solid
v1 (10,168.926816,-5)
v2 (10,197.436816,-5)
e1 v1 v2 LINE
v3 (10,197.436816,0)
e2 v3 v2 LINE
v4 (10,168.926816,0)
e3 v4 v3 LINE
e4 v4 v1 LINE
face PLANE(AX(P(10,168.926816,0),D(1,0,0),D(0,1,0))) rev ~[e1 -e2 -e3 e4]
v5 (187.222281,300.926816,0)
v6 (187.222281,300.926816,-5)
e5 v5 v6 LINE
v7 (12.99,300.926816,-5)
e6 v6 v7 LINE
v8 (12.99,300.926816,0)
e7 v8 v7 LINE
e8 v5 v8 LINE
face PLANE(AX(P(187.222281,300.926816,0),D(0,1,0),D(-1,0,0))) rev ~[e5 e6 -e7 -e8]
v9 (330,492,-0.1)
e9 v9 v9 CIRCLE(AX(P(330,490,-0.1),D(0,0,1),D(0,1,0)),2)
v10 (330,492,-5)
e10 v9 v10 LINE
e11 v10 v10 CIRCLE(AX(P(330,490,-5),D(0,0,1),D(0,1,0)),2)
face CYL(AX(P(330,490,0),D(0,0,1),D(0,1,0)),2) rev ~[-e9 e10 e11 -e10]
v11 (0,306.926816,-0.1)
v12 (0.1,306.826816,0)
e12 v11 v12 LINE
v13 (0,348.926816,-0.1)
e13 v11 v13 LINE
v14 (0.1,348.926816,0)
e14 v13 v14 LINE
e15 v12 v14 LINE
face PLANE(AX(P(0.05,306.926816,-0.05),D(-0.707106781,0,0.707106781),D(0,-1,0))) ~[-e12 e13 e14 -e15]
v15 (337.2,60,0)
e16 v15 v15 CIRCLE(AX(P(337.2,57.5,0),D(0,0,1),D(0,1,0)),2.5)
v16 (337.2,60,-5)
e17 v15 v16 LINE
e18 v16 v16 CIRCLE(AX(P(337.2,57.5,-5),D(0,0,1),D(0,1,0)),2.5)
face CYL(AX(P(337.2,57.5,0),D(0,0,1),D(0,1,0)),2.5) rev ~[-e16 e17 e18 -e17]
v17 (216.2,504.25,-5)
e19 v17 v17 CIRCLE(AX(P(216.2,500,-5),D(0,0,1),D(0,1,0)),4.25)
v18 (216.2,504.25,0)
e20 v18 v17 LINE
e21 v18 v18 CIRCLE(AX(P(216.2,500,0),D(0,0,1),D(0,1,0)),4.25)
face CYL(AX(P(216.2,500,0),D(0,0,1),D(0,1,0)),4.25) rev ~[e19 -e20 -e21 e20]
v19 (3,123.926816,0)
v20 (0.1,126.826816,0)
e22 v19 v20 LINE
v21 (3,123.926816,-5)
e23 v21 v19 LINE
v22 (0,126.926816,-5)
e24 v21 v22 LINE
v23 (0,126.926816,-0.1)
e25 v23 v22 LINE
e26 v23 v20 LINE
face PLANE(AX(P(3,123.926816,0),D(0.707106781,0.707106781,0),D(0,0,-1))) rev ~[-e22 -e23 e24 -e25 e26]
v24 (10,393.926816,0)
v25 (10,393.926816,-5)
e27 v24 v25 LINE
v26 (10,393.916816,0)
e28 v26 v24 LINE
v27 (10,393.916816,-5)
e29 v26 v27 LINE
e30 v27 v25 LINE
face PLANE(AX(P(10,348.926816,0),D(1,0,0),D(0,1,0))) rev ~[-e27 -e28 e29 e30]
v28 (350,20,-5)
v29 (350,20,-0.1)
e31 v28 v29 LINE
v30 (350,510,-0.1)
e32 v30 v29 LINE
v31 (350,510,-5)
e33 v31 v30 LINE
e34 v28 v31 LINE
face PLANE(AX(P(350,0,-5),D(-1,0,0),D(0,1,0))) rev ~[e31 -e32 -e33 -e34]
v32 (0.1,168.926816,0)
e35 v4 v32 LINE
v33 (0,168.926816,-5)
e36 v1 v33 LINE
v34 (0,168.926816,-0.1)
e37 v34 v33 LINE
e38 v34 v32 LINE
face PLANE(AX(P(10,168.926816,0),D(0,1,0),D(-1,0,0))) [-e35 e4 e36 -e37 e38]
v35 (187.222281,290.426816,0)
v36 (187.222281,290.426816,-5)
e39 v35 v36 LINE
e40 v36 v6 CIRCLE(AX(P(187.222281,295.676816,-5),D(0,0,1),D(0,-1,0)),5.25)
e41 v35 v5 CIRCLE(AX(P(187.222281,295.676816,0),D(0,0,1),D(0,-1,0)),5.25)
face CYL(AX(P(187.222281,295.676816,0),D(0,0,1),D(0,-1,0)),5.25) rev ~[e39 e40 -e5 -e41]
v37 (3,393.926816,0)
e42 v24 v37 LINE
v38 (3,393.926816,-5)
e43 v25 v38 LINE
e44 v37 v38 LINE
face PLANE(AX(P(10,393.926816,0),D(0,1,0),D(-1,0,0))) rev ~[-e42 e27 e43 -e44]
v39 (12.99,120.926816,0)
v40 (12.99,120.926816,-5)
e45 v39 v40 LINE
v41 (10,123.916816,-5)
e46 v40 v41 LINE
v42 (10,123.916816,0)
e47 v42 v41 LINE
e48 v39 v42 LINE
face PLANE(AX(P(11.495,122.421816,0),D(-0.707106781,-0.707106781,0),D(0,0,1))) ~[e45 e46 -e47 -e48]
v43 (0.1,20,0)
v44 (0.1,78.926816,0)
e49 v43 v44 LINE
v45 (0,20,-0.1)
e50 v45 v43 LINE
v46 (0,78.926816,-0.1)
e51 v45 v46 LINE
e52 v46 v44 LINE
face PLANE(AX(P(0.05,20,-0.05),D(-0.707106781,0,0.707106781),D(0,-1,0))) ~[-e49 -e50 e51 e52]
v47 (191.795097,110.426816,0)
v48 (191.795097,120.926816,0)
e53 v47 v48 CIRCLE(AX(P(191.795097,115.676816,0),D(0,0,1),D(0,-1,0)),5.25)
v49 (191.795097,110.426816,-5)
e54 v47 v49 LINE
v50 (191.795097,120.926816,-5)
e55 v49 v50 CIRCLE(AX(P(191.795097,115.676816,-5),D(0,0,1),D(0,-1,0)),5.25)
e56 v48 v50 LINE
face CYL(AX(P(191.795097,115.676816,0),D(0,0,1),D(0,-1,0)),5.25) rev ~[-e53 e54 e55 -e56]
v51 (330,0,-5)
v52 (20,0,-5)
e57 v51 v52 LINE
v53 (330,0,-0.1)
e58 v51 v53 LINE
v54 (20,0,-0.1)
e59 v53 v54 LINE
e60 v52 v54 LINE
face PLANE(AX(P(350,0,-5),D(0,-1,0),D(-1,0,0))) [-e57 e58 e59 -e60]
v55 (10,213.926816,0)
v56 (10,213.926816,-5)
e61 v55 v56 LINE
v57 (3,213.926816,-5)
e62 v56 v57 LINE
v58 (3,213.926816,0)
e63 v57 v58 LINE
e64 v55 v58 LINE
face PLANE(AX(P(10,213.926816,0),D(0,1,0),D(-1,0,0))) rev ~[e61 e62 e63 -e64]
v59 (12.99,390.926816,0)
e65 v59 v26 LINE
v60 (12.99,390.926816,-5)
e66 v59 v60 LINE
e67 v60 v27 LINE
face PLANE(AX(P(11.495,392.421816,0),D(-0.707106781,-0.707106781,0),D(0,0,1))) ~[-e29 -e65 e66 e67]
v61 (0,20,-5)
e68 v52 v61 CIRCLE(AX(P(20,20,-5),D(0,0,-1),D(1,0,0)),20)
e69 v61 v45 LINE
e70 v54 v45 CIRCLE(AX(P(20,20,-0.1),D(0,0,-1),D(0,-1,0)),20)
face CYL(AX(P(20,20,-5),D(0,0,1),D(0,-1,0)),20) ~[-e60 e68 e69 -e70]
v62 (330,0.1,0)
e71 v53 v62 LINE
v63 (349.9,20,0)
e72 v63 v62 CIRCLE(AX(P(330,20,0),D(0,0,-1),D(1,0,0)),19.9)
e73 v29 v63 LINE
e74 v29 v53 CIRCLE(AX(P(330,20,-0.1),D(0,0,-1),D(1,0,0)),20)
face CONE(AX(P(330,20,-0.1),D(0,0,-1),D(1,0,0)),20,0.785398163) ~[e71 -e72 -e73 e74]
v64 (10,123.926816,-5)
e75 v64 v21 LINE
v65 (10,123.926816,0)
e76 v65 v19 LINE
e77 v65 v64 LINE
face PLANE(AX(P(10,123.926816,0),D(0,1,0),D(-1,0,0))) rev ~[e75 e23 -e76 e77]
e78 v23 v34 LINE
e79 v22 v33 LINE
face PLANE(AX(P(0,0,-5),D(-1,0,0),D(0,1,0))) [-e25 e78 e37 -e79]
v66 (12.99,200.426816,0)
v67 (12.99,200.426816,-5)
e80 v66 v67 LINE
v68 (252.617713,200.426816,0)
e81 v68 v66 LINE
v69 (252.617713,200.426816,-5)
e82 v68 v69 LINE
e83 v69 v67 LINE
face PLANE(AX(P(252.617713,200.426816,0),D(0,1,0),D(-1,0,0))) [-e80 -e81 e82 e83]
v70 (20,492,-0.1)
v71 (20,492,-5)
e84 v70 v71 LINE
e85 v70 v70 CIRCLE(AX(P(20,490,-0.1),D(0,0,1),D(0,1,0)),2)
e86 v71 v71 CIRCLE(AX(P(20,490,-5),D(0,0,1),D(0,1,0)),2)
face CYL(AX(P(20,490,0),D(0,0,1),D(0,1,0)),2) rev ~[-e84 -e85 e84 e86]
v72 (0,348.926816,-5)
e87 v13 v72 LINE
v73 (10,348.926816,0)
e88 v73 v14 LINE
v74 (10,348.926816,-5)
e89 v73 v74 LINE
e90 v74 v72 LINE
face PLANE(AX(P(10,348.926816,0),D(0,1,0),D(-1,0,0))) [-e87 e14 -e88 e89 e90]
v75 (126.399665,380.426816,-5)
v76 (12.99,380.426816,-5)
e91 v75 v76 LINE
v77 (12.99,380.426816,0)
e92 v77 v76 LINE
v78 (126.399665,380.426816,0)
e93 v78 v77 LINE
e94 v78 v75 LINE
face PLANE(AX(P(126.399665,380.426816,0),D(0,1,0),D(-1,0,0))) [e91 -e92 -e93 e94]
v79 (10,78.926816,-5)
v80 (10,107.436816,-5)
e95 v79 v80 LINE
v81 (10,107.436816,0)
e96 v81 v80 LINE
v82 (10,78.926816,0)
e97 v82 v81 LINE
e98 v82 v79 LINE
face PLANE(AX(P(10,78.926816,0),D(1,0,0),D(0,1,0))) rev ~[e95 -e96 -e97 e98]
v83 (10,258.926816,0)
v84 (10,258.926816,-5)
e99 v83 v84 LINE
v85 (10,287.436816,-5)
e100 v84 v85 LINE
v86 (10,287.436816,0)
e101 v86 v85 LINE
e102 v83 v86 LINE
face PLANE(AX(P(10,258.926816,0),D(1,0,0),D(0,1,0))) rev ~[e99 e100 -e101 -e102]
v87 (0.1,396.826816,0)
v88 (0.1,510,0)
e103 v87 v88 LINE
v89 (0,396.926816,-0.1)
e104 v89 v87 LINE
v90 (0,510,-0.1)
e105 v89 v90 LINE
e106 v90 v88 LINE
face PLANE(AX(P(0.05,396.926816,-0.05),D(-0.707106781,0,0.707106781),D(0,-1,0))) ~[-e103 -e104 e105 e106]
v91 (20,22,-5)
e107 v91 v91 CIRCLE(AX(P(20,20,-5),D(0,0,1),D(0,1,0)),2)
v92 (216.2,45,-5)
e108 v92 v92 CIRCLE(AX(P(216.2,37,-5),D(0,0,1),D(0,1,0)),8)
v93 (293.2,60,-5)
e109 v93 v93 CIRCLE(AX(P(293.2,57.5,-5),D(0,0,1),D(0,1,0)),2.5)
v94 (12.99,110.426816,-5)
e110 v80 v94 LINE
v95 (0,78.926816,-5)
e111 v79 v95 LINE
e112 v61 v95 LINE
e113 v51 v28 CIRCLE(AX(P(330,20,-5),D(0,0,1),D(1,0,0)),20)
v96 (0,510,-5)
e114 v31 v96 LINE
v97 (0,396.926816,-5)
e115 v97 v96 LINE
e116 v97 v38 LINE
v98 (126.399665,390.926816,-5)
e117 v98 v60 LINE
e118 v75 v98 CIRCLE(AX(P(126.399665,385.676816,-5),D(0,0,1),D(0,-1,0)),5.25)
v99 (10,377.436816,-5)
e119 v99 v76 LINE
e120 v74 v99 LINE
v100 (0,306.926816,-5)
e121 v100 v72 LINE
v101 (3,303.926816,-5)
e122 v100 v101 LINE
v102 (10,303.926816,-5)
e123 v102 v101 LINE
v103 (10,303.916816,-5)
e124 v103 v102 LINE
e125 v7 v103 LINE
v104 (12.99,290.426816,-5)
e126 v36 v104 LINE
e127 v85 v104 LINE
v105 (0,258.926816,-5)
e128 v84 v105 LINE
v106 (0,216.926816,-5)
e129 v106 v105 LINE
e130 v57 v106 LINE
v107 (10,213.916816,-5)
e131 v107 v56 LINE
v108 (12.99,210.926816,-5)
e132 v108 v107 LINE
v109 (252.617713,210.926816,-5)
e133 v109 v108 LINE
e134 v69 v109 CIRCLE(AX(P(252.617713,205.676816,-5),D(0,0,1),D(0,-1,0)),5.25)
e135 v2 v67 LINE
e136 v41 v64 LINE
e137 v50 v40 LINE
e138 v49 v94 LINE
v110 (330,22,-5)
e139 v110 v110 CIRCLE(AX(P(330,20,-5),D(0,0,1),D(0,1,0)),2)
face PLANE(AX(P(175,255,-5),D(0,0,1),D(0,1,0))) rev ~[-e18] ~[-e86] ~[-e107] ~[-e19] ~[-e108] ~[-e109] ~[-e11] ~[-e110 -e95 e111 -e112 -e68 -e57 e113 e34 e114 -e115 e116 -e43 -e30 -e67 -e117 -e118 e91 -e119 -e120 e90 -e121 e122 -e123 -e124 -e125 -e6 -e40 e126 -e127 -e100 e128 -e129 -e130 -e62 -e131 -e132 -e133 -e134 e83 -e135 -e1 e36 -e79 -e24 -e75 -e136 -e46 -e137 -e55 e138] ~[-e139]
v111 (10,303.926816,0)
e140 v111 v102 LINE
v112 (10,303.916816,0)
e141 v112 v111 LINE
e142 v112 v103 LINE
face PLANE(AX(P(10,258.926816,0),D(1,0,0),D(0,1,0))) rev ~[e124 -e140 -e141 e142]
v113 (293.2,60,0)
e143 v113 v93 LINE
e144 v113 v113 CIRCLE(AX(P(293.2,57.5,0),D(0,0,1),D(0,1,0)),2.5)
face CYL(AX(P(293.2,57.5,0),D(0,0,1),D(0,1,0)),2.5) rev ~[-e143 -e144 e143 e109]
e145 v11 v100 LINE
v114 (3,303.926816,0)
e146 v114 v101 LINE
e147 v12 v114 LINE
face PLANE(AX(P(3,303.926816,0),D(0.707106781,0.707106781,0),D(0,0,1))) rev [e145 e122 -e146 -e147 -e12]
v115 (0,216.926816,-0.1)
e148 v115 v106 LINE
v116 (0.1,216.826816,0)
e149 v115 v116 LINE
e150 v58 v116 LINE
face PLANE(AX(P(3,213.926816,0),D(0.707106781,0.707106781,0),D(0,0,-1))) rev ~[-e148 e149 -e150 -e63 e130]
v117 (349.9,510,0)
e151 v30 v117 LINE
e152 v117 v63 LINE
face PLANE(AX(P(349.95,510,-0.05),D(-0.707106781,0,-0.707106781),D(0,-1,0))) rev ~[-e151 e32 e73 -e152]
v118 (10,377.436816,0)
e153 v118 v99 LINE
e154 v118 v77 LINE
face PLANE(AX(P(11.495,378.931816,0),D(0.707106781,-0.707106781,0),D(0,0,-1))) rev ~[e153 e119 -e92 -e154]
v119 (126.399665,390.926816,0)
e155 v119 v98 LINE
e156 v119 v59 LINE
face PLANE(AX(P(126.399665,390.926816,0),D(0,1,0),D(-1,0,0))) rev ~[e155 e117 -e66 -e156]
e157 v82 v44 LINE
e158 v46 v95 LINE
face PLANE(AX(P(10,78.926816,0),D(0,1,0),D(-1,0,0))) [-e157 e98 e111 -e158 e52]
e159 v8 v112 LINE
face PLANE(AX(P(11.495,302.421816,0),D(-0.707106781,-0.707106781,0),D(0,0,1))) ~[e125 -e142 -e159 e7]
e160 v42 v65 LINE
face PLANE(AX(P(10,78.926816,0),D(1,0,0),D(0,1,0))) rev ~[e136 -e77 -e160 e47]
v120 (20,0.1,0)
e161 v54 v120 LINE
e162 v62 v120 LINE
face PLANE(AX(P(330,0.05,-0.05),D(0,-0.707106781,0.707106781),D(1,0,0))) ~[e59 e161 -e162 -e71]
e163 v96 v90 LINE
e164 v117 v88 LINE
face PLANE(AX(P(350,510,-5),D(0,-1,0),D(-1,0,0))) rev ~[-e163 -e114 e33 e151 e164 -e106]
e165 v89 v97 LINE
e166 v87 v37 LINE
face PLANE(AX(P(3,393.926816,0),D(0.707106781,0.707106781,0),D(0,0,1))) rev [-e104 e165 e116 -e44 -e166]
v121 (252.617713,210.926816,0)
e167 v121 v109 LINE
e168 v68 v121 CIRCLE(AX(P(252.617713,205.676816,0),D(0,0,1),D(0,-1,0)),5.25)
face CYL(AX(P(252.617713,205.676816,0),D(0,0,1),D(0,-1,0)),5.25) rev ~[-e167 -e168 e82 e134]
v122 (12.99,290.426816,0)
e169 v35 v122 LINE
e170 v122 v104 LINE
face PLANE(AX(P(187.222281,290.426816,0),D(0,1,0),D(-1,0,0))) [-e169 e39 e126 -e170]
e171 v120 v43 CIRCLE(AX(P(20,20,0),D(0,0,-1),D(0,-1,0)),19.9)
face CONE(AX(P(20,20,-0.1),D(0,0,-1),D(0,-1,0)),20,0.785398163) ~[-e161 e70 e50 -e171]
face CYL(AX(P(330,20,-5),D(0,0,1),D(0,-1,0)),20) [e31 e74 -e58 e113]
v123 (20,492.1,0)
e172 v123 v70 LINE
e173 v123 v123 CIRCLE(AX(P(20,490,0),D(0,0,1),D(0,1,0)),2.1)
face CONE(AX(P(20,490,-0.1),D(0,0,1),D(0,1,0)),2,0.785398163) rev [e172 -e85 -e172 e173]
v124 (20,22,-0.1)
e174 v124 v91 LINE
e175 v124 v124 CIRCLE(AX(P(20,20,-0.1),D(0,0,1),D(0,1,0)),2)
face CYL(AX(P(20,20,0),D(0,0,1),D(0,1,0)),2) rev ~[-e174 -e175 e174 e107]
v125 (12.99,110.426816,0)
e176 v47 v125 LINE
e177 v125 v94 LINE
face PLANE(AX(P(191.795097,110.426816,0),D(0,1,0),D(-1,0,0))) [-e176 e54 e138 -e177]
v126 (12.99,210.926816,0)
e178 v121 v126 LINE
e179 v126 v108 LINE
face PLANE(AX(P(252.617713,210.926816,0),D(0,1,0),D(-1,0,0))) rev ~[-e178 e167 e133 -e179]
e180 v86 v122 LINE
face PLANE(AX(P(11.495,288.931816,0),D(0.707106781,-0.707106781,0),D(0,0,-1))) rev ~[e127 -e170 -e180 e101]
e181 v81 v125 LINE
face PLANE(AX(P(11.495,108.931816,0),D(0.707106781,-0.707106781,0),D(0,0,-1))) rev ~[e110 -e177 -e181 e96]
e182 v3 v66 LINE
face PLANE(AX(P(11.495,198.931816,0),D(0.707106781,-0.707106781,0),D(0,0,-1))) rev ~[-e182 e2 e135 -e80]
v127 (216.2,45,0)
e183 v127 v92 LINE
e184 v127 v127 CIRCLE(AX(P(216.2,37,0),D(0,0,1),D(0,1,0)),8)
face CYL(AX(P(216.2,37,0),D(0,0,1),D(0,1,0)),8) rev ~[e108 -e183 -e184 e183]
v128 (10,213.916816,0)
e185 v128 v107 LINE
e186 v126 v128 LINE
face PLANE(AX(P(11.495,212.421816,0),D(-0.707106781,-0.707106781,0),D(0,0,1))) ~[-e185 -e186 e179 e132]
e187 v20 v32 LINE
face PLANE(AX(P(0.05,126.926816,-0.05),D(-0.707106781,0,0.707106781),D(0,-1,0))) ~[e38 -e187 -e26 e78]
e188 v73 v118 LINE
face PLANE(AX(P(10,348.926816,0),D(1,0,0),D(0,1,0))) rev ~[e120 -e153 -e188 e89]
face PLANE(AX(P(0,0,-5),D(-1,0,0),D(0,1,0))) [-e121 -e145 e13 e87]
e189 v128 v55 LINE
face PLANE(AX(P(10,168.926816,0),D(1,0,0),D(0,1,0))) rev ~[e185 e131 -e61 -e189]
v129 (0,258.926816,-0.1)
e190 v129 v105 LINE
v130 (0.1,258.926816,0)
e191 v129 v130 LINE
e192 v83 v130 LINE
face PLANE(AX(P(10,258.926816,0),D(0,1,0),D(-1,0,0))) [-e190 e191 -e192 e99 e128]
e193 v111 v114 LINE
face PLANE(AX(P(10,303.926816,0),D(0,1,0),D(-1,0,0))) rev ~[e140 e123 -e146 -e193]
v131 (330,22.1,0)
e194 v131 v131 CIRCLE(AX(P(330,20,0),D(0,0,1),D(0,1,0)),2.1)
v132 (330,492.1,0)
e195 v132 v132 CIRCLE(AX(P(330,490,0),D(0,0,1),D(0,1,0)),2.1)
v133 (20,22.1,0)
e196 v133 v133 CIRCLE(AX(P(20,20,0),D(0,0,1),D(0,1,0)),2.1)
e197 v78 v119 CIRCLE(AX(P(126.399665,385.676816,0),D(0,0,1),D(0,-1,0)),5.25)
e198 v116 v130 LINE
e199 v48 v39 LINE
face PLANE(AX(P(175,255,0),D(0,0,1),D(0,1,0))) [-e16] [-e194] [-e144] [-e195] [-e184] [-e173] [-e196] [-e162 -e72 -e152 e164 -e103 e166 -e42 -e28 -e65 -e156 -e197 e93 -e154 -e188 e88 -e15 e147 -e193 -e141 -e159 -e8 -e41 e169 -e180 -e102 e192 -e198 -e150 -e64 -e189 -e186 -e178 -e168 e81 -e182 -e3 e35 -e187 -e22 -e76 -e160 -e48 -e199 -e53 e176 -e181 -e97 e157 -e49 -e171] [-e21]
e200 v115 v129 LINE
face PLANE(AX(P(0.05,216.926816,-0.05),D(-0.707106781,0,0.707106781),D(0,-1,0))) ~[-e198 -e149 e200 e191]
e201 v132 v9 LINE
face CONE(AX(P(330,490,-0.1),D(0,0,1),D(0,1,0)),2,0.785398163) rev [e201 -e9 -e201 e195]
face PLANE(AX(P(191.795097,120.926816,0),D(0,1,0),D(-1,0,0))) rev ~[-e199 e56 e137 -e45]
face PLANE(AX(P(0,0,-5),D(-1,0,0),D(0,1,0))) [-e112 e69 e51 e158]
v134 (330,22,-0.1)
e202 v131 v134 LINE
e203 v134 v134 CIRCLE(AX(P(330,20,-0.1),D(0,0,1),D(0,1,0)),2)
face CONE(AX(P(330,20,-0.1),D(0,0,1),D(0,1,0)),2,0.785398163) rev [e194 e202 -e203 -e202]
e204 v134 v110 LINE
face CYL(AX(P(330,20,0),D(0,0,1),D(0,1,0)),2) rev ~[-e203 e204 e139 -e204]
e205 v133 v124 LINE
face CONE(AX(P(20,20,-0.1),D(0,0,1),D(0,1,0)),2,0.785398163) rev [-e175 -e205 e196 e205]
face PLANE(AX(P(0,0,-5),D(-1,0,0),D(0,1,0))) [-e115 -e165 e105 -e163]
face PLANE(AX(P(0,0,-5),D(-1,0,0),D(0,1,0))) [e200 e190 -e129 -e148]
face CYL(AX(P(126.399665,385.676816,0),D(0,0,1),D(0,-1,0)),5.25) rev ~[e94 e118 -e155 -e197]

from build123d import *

# Parameters (mm, degrees)
SKETCH018_W           = 510
SKETCH018_H           = 350
PAD015_DEPTH          = 5
SKETCH019_R           = 8
SKETCH019_R_2         = 4.25
POCKET011_DEPTH       = 5.001
FILLET005_R           = 20
SKETCH020_R           = 2
POCKET012_DEPTH       = 5.001
CHAMFER009_SIZE       = 6
CHAMFER010_SIZE       = 0.1
CHAMFER011_SIZE       = 0.1
SKETCH052_W           = 45
SKETCH052_H           = 10
POCKET033_DEPTH       = 5.001
CHAMFER024_SIZE       = 2.99
SKETCH068_R           = 2.5
POCKET043_DEPTH       = 5.001
CLONE_PLACEMENT_ANGLE = 90


with BuildPart() as part:
    # Sketch018 → Pad015 (new body)
    with BuildSketch(Plane.XY):
        with Locations((-20, 41.2)):
            Rectangle(SKETCH018_W, SKETCH018_H)
    extrude(amount=PAD015_DEPTH)

    # Sketch019 (on Face6 of Pad015) → Pocket011 (cut, through all)
    with BuildSketch(Plane.XY.offset(5)):
        with Locations((-238, 0)):
            Circle(SKETCH019_R)
        with Locations((225, 0)):
            Circle(SKETCH019_R_2)
        with BuildLine():
            ThreePointArc((-164.573184, 24.404903), (-159.323184, 19.154903), (-154.073184, 24.404903))
            Line((-154.073184, 24.404903), (-154.073184, 216.2))
            ThreePointArc((-154.073184, 216.2), (-159.323184, 221.45), (-164.573184, 216.2))
            Line((-164.573184, 24.404903), (-164.573184, 216.2))
        make_face()
        with BuildLine():
            ThreePointArc((-74.573184, -36.417713), (-69.323184, -41.667713), (-64.073184, -36.417713))
            Line((-64.073184, -36.417713), (-64.073184, 216.2))
            ThreePointArc((-64.073184, 216.2), (-69.323184, 221.45), (-74.573184, 216.2))
            Line((-74.573184, -36.417713), (-74.573184, 216.2))
        make_face()
        with BuildLine():
            ThreePointArc((15.426816, 28.977719), (20.676816, 23.727719), (25.926816, 28.977719))
            Line((25.926816, 28.977719), (25.926816, 216.2))
            ThreePointArc((25.926816, 216.2), (20.676816, 221.45), (15.426816, 216.2))
            Line((15.426816, 28.977719), (15.426816, 216.2))
        make_face()
        with BuildLine():
            ThreePointArc((105.426816, 89.800335), (110.676816, 84.550335), (115.926816, 89.800335))
            Line((115.926816, 89.800335), (115.926816, 216.2))
            ThreePointArc((115.926816, 216.2), (110.676816, 221.45), (105.426816, 216.2))
            Line((105.426816, 89.800335), (105.426816, 216.2))
        make_face()
    extrude(amount=-POCKET011_DEPTH, mode=Mode.SUBTRACT)

    # Fillet005
    fillet005_edges = [part.edges().sort_by_distance(p)[0] for p in [
        (-275, 216.2, 2.5),
        (-275, -133.8, 2.5),
    ]]
    fillet(fillet005_edges, radius=FILLET005_R)

    # Sketch020 (on Face5 of Fillet005) → Pocket012 (cut, through all)
    with BuildSketch(Plane.XY.offset(5)):
        with Locations((-255, 196.2)):
            Circle(SKETCH020_R)
        with Locations((-255, -113.8)):
            Circle(SKETCH020_R)
        with Locations((215, -113.8)):
            Circle(SKETCH020_R)
        with Locations((215, 196.2)):
            Circle(SKETCH020_R)
    extrude(amount=-POCKET012_DEPTH, mode=Mode.SUBTRACT)

    # Chamfer009
    chamfer009_edges = [part.edges().sort_by_distance(p)[0] for p in [
        (-164.573184, 216.2, 2.5),
        (-154.073184, 216.2, 2.5),
        (-74.573184, 216.2, 2.5),
        (-64.073184, 216.2, 2.5),
        (15.426816, 216.2, 2.5),
        (25.926816, 216.2, 2.5),
        (105.426816, 216.2, 2.5),
        (115.926816, 216.2, 2.5),
    ]]
    chamfer(chamfer009_edges, length=CHAMFER009_SIZE)

    # Chamfer010
    chamfer010_edges = [part.edges().sort_by_distance(p)[0] for p in [
        (-212.786592, 216.2, 5),
        (-114.323184, 216.2, 5),
        (-24.323184, 216.2, 5),
        (65.676816, 216.2, 5),
        (178.463408, 216.2, 5),
    ]]
    chamfer(chamfer010_edges, length=CHAMFER010_SIZE)

    # Chamfer011
    chamfer011_edges = [part.edges().sort_by_distance(p)[0] for p in [
        (-257, 196.2, 5),
        (-257, -113.8, 5),
        (213, -113.8, 5),
        (213, 196.2, 5),
    ]]
    chamfer(chamfer011_edges, length=CHAMFER011_SIZE)

    # Sketch052 (on Face1 of Chamfer011) → Pocket033 (cut, through all)
    with BuildSketch(Plane.XY.offset(5)):
        with Locations((-173.573184, 211.2)):
            Rectangle(SKETCH052_W, SKETCH052_H)
        with Locations((-83.573184, 211.2)):
            Rectangle(SKETCH052_W, SKETCH052_H)
        with Locations((6.426816, 211.2)):
            Rectangle(SKETCH052_W, SKETCH052_H)
        with Locations((96.426816, 211.2)):
            Rectangle(SKETCH052_W, SKETCH052_H)
    extrude(amount=-POCKET033_DEPTH, mode=Mode.SUBTRACT)

    # Chamfer024
    chamfer024_edges = [part.edges().sort_by_distance(p)[0] for p in [
        (-164.573184, 206.2, 2.5),
        (-154.073184, 206.2, 2.5),
        (-74.573184, 206.2, 2.5),
        (-64.073184, 206.2, 2.5),
        (15.426816, 206.2, 2.5),
        (25.926816, 206.2, 2.5),
        (105.426816, 206.2, 2.5),
        (115.926816, 206.2, 2.5),
    ]]
    chamfer(chamfer024_edges, length=CHAMFER024_SIZE)

    # Sketch068 (on Face1 of Chamfer024) → Pocket043 (cut, through all)
    with BuildSketch(Plane.XY.offset(5)):
        with Locations((-217.5, -77)):
            Circle(SKETCH068_R)
        with Locations((-217.5, -121)):
            Circle(SKETCH068_R)
    extrude(amount=-POCKET043_DEPTH, mode=Mode.SUBTRACT)


with BuildPart() as part_1:
    # Body011 placement: moved
    add(part.part.moved(Location((0, 0, 10.25))))


with BuildPart() as part_2:
    # Clone placement: moved
    add(part_1.part.moved(Location((216.2, 275, -15.25))).rotate(Axis((216.2, 275, -15.25), (0, 0, 1)), CLONE_PLACEMENT_ANGLE))


solid = part_2.part
